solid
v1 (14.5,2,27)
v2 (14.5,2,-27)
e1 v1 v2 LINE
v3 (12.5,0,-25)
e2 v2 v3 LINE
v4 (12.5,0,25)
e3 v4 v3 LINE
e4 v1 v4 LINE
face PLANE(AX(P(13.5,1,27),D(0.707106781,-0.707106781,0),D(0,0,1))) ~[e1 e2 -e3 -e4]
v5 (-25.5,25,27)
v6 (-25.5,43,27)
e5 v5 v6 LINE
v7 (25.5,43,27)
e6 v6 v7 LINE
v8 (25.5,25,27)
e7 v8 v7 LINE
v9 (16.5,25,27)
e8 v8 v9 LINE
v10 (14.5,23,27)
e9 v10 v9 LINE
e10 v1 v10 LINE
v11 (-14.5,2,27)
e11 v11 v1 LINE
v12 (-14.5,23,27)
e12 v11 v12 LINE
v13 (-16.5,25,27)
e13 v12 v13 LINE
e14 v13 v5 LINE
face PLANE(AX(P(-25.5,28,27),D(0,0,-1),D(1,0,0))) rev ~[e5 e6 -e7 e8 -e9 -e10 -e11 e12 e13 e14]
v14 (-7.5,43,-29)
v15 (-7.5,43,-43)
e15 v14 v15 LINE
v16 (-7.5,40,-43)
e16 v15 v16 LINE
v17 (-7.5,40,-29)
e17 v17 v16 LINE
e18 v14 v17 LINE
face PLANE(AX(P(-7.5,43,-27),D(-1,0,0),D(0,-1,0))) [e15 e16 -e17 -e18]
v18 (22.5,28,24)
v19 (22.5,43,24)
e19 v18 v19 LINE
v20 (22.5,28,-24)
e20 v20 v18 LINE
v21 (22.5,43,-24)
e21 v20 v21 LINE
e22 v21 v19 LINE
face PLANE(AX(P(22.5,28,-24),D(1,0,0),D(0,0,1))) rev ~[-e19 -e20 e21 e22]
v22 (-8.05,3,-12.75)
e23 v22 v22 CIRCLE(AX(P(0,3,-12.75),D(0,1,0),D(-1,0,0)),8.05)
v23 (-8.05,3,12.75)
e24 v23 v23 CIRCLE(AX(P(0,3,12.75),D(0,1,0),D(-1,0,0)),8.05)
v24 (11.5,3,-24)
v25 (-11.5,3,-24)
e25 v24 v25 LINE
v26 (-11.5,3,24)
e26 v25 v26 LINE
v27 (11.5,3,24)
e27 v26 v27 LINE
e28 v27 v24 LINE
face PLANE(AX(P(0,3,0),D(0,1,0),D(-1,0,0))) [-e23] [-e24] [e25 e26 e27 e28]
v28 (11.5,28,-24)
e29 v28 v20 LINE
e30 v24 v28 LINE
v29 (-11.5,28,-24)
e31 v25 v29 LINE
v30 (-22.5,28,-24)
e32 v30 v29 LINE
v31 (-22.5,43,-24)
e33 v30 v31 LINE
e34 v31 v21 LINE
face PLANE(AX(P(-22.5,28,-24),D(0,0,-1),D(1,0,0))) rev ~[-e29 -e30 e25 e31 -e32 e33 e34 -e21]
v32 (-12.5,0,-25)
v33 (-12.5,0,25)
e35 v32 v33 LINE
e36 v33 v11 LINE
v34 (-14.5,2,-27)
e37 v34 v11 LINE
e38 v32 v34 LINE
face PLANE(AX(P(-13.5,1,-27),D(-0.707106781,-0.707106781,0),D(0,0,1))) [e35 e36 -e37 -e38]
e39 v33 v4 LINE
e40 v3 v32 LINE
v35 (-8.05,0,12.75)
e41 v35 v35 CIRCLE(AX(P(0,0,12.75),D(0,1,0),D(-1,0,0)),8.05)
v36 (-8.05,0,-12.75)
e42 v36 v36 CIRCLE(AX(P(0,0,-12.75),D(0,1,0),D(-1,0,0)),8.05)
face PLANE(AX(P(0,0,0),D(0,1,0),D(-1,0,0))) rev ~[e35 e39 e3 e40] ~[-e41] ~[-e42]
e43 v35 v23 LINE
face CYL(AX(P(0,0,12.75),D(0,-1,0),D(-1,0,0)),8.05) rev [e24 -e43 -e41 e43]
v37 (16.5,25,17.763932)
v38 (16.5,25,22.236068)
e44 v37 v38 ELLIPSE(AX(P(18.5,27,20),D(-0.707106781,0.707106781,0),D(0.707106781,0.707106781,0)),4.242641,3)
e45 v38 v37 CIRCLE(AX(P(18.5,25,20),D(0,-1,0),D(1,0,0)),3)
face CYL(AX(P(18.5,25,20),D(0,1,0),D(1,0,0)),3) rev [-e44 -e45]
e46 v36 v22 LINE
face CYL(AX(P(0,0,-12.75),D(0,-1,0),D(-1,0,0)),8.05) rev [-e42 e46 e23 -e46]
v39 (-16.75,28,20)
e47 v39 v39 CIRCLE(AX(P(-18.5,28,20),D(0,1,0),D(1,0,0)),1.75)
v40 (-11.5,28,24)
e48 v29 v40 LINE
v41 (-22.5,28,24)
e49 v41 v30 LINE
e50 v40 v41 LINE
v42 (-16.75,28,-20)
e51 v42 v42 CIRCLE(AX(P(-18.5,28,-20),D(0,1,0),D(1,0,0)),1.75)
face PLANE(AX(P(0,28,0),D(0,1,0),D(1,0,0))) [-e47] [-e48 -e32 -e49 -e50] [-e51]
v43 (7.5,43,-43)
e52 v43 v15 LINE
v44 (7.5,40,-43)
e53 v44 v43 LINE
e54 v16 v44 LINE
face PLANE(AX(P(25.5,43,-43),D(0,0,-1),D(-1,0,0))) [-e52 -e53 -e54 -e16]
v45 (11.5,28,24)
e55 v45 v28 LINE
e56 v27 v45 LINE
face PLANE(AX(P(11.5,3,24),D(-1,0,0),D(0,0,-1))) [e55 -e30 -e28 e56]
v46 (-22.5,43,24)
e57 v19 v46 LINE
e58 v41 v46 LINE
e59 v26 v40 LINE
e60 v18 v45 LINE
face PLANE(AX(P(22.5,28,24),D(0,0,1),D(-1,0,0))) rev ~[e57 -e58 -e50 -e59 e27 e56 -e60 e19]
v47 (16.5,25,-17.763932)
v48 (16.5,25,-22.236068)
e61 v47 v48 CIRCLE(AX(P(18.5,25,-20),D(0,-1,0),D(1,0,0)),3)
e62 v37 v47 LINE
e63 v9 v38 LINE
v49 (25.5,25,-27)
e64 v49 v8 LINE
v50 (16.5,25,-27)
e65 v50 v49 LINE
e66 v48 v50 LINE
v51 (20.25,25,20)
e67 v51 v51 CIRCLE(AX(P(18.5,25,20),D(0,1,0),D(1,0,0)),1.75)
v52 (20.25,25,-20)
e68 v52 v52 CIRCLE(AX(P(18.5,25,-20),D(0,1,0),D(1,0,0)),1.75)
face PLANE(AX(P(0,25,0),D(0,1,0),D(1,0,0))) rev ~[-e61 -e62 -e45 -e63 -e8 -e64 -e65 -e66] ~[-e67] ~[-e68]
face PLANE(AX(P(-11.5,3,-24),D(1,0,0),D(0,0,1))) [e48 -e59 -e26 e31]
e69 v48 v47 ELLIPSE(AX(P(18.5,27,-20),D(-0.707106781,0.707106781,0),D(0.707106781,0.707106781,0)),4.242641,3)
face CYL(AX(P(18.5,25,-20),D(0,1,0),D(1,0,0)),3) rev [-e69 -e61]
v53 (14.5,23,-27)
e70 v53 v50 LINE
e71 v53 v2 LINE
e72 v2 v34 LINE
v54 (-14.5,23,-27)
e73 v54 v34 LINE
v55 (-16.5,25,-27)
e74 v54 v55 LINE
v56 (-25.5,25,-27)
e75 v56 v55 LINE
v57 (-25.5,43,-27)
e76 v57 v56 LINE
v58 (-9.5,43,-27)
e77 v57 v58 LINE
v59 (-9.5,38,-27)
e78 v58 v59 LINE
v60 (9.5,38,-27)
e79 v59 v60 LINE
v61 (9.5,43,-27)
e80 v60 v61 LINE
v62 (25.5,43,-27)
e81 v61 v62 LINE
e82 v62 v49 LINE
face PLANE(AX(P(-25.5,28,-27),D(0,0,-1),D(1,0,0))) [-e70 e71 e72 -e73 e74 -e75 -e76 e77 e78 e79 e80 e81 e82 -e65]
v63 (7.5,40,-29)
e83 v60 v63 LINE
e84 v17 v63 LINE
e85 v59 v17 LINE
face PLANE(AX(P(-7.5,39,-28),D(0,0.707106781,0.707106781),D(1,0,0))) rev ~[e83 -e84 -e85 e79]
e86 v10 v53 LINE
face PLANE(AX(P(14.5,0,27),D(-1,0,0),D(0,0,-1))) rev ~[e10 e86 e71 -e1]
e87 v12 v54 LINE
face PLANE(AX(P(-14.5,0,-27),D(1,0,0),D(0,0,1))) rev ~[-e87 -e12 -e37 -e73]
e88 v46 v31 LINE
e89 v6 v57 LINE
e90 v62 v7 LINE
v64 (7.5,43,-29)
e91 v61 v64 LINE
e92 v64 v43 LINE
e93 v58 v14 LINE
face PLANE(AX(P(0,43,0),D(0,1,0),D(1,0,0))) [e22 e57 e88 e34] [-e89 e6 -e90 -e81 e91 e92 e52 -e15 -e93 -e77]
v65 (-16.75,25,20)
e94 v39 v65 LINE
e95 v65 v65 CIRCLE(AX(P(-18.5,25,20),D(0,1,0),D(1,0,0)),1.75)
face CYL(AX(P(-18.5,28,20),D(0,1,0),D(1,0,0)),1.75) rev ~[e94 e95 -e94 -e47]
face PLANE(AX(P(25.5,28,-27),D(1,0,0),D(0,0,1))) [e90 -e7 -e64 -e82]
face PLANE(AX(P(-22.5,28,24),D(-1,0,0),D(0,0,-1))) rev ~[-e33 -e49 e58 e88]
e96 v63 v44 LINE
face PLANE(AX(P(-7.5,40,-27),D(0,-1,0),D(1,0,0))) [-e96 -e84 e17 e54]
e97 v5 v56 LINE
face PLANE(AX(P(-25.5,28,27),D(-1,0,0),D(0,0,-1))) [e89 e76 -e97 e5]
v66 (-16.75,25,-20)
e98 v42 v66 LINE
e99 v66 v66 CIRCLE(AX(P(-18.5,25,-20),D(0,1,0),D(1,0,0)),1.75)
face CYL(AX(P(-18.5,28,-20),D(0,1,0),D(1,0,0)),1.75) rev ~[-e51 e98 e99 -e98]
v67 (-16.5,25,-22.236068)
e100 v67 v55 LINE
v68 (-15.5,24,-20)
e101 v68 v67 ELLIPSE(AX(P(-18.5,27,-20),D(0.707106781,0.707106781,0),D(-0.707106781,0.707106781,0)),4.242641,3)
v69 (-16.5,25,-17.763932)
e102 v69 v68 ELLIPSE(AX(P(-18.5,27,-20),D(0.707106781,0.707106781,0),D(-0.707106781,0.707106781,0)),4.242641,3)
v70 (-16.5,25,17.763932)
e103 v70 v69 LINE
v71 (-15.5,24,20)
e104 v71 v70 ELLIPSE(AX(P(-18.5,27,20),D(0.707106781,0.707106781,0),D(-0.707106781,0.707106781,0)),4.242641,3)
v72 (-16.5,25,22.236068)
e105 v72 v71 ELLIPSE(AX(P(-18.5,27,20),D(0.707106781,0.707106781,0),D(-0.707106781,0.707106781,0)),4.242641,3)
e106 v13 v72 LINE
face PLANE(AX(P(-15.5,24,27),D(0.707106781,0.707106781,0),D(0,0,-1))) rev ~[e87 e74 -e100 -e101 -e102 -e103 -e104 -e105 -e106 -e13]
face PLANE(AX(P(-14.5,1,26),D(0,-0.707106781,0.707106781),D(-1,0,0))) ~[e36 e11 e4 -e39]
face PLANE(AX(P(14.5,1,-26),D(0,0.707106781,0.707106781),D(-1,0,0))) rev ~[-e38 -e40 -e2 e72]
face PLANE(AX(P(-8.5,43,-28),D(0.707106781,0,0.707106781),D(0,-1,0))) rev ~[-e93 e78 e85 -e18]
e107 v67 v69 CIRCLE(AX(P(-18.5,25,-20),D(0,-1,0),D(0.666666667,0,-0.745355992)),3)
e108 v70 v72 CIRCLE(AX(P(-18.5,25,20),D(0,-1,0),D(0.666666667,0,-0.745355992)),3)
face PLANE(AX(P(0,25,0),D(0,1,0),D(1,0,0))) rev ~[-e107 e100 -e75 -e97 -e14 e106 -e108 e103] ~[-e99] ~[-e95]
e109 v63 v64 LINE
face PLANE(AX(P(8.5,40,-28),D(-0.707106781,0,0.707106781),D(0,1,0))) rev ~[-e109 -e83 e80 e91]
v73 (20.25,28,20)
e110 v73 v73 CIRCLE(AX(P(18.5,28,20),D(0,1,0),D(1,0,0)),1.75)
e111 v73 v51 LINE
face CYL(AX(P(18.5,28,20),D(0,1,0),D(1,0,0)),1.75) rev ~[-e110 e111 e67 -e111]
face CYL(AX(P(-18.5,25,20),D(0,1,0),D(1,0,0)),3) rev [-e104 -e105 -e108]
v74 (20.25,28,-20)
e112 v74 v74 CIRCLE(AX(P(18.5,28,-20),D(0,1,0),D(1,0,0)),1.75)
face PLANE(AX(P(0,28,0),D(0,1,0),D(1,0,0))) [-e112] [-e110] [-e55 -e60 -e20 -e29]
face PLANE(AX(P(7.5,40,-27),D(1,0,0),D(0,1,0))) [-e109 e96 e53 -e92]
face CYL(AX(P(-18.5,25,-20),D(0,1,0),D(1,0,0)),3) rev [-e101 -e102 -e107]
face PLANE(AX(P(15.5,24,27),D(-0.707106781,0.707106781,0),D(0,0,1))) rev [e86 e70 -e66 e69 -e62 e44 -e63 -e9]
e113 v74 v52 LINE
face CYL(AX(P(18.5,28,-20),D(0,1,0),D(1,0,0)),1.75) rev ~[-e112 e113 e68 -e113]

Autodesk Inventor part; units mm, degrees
ref_plane "YZ Plane" through (0, 0, 0) normal (1, 0, 0) x (0, 1, 0)
ref_plane "XZ Plane" through (0, 0, 0) normal (0, 1, 0) x (-1, 0, 0)
ref_plane "XY Plane" through (0, 0, 0) normal (0, 0, 1) x (1, 0, 0)
sketch "Sketch1" plane through (0, 0, 0) normal (0, 1, 0) x (-1, 0, 0)
  circle A0 centre (0, 12.75) radius 8.05
  circle A1 centre (0, -12.75) radius 8.05
  line L0 (14.5, 27) -> (-14.5, 27)
  line L1 (-14.5, 27) -> (-14.5, -27)
  line L2 (-14.5, -27) -> (14.5, -27)
  line L3 (14.5, -27) -> (14.5, 27)
  line L4 (14.5, 27) -> (-14.5, -27) construction
  line L5 (-14.5, 27) -> (14.5, -27) construction
  point P0 (0, 0)
  dimension "d0" = 16.1
  dimension "d1" = 16.1
  dimension "d2" = 25.5
  dimension "d3" = 29
  dimension "d4" = 54
  dimension "d5" = 14.5
  dimension "d6" = 14.5
  dimension "d7" = 14.25
  dimension "d8" = 14.25
extrude "Extrusion1" add sketch "Sketch1" along normal blind 3
sketch "Sketch2" plane through (0, 3, 0) normal (0, 1, 0) x (1, 0, 0)
  line L0 (-11.5, -24) -> (11.5, -24)
  line L1 (11.5, -24) -> (11.5, 24)
  line L2 (11.5, 24) -> (-11.5, 24)
  line L3 (-11.5, 24) -> (-11.5, -24)
  line L4 (-11.5, -24) -> (11.5, 24) construction
  line L5 (11.5, -24) -> (-11.5, 24) construction
  line L6 (14.5, -27) -> (14.5, 27) projected
  line L7 (-14.5, -27) -> (14.5, -27)
  line L8 (14.5, -27) -> (14.5, 27)
  line L9 (14.5, 27) -> (-14.5, 27)
  line L10 (-14.5, 27) -> (-14.5, -27)
  line L11 (-14.5, -27) -> (14.5, 27) construction
  line L12 (14.5, -27) -> (-14.5, 27) construction
  point P0 (0, 0)
  dimension "d11" = 23
  dimension "d12" = 48
extrude "Extrusion2" add sketch "Sketch2" along normal blind 25
sketch "Sketch3" plane through (0, 28, 0) normal (0, 1, 0) x (1, 0, 0)
  line L0 (-25.5, 27) -> (25.5, 27)
  line L1 (25.5, 27) -> (25.5, -27)
  line L2 (25.5, -27) -> (-25.5, -27)
  line L3 (-25.5, -27) -> (-25.5, 27)
  line L4 (-25.5, 27) -> (25.5, -27) construction
  line L5 (25.5, 27) -> (-25.5, -27) construction
  line L6 (14.5, -27) -> (14.5, 27) projected
  line L7 (-14.5, 27) -> (14.5, 27)
  line L8 (14.5, 27) -> (14.5, -27)
  line L9 (14.5, -27) -> (-14.5, -27)
  line L10 (-14.5, -27) -> (-14.5, 27)
  line L11 (-14.5, 27) -> (14.5, -27) construction
  line L12 (14.5, 27) -> (-14.5, -27) construction
  point P0 (0, 0)
  dimension "d15" = 51
extrude "Extrusion3" add sketch "Sketch3" against normal blind 3 contours L0 L10 L2 L3 | L0 L1 L2 L6
sketch "Sketch4" plane through (0, 28, 0) normal (0, 1, 0) x (1, 0, 0)
  line L0 (-25.5, -27) -> (25.5, -27) projected
  line L1 (-25.5, 27) -> (25.5, 27)
  line L2 (25.5, 27) -> (25.5, -27)
  line L3 (25.5, -27) -> (-25.5, -27)
  line L4 (-25.5, -27) -> (-25.5, 27)
  line L5 (-25.5, 27) -> (25.5, -27) construction
  line L6 (25.5, 27) -> (-25.5, -27) construction
  line L7 (-22.5, 24) -> (22.5, 24)
  line L8 (22.5, 24) -> (22.5, -24)
  line L9 (22.5, -24) -> (-22.5, -24)
  line L10 (-22.5, -24) -> (-22.5, 24)
  line L11 (-22.5, 24) -> (22.5, -24) construction
  line L12 (22.5, 24) -> (-22.5, -24) construction
  point P0 (0, 0)
  dimension "d18" = 45
  dimension "d19" = 48
extrude "Extrusion4" add sketch "Sketch4" along normal blind 15
sketch "Sketch5" plane through (0, 28, 0) normal (0, 1, 0) x (1, 0, 0)
  line L0 (-11.5, 24) -> (-22.5, 24) projected
  line L1 (-22.5, 24) -> (-22.5, -24) projected
  line L2 (-22.5, -24) -> (-11.5, -24) projected
  line L3 (-11.5, -24) -> (-11.5, 24) projected
  line L4 (22.5, 24) -> (11.5, 24) projected
  line L5 (11.5, 24) -> (11.5, -24) projected
  line L6 (11.5, -24) -> (22.5, -24) projected
  line L7 (22.5, -24) -> (22.5, 24) projected
  circle A0 centre (18.5, 20) radius 1.75
  line L8 (14.5, 27) -> (14.5, -27) projected
  line L9 (14.5, 27) -> (25.5, 27) projected
  line L10 (25.5, 27) -> (25.5, -27) projected
  line L11 (25.5, -27) -> (14.5, -27) projected
  line L12 (-11.5, 24) -> (-11.5, -24) projected
  line L13 (-11.5, -24) -> (11.5, -24) projected
  line L14 (11.5, -24) -> (11.5, 24) projected
  line L15 (11.5, 24) -> (-11.5, 24) projected
  circle A1 centre (0, 12.75) radius 8.05 projected
  circle A2 centre (0, -12.75) radius 8.05 projected
  circle A3 centre (18.5, -20) radius 1.75
  circle A4 centre (-18.5, 20) radius 1.75
  circle A5 centre (-18.5, -20) radius 1.75
  point P0 (0, 0)
  dimension "d22" = 3.5
  dimension "d23" = 4
  dimension "d24" = 4
  dimension "d25" = 4
  dimension "d28" = 40
  dimension "d31" = 37
  dimension "d53" = 4
extrude "Extrusion5" cut sketch "Sketch5" against normal blind 10 contours A0 | A3 | A4 | A5
chamfer "Chamfer1" distance 2 angle 45 4 edges at (-14.5, 0, 0) (14.5, 0, 0) (0, 0, 27) (0, 0, -27)
chamfer "Chamfer2" distance 2 angle 45 2 edges at (-14.5, 25, 0) (14.5, 25, 0)
sketch "Sketch6" plane through (0, 25, 0) normal (0, -1, 0) x (1, 0, 0)
  line L0 (-16.5, 27) -> (-16.5, -27) projected
  circle A0 centre (-18.5, -20) radius 1.75 projected
  circle A1 centre (-18.5, 20) radius 1.75 projected
  line L1 (-16.5, 27) -> (-25.5, 27) projected
  line L2 (-25.5, 27) -> (-25.5, -27) projected
  line L3 (-25.5, -27) -> (-16.5, -27) projected
  line L4 (16.5, -27) -> (16.5, 27) projected
  circle A2 centre (18.5, -20) radius 1.75 projected
  line L5 (16.5, -27) -> (25.5, -27) projected
  line L6 (25.5, -27) -> (25.5, 27) projected
  line L7 (25.5, 27) -> (16.5, 27) projected
  circle A3 centre (18.5, 20) radius 1.75 projected
  circle A4 centre (18.5, -20) radius 3
  circle A5 centre (18.5, 20) radius 3
  circle A6 centre (-18.5, -20) radius 3
  circle A7 centre (-18.5, 20) radius 3
  point P0 (0, 0)
  dimension "d42" = 6
  dimension "d45" = 40
  dimension "d48" = 37
extrude "Extrusion6" cut sketch "Sketch6" along normal blind 10 contours A7 L0 | L0 A7 | A6 L0 | L0 A6 | A0 | A1 | A4 L4 | L4 A4 | A5 L4 | L4 A5 | A2 | A3
sketch "Sketch7" plane through (25.5, 43, -27) normal (0, 0, -1) x (-1, 0, 0)
  line L0 (40, -41) -> (11, -41) projected
  line L1 (40, -41) -> (40, -20) projected
  line L2 (42, -18) -> (40, -20) projected
  line L3 (51, -18) -> (42, -18) projected
  line L4 (51, 0) -> (51, -18) projected
  line L5 (0, 0) -> (51, 0) projected
  line L6 (0, -18) -> (0, 0) projected
  line L7 (9, -18) -> (0, -18) projected
  line L8 (11, -20) -> (9, -18) projected
  line L9 (11, -41) -> (11, -20) projected
  line L10 (0, 0) -> (51, 0) projected
  line L11 (18, 0) -> (33, 0)
  line L12 (33, 0) -> (33, -3)
  line L13 (33, -3) -> (18, -3)
  line L14 (18, -3) -> (18, 0)
  point P0 (25.5, -43)
  dimension "d54" = 15
  dimension "d55" = 3
  dimension "d56" = 18
  dimension "d57" = 18
extrude "Extrusion7" add sketch "Sketch7" along normal blind 16 contours L12 L13 L14 L5
chamfer "Chamfer3" distance 2 angle 45 3 edges at (0, 40, -27) (-7.5, 41.5, -27) (7.5, 41.5, -27)
sketch "Sketch8" plane through (-7.5, 40, -43) normal (0, -1, 0) x (1, 0, 0)
  line L0 (0, 14) -> (15, 14) projected
  line L1 (0, 14) -> (0, 0) projected
  line L2 (15, 0) -> (0, 0) projected
  line L3 (15, 14) -> (15, 0) projected
  circle A0 centre (7.5, 7) radius 3
  point P0 (7.5, 43)
  dimension "d63" = 6
equation "\"d7\" = d8"
equation "\"d23\" = d24"
equation "\"d25\" = d53"
equation "\"d56\" = d57"
properties part number "obudowa_baza"
